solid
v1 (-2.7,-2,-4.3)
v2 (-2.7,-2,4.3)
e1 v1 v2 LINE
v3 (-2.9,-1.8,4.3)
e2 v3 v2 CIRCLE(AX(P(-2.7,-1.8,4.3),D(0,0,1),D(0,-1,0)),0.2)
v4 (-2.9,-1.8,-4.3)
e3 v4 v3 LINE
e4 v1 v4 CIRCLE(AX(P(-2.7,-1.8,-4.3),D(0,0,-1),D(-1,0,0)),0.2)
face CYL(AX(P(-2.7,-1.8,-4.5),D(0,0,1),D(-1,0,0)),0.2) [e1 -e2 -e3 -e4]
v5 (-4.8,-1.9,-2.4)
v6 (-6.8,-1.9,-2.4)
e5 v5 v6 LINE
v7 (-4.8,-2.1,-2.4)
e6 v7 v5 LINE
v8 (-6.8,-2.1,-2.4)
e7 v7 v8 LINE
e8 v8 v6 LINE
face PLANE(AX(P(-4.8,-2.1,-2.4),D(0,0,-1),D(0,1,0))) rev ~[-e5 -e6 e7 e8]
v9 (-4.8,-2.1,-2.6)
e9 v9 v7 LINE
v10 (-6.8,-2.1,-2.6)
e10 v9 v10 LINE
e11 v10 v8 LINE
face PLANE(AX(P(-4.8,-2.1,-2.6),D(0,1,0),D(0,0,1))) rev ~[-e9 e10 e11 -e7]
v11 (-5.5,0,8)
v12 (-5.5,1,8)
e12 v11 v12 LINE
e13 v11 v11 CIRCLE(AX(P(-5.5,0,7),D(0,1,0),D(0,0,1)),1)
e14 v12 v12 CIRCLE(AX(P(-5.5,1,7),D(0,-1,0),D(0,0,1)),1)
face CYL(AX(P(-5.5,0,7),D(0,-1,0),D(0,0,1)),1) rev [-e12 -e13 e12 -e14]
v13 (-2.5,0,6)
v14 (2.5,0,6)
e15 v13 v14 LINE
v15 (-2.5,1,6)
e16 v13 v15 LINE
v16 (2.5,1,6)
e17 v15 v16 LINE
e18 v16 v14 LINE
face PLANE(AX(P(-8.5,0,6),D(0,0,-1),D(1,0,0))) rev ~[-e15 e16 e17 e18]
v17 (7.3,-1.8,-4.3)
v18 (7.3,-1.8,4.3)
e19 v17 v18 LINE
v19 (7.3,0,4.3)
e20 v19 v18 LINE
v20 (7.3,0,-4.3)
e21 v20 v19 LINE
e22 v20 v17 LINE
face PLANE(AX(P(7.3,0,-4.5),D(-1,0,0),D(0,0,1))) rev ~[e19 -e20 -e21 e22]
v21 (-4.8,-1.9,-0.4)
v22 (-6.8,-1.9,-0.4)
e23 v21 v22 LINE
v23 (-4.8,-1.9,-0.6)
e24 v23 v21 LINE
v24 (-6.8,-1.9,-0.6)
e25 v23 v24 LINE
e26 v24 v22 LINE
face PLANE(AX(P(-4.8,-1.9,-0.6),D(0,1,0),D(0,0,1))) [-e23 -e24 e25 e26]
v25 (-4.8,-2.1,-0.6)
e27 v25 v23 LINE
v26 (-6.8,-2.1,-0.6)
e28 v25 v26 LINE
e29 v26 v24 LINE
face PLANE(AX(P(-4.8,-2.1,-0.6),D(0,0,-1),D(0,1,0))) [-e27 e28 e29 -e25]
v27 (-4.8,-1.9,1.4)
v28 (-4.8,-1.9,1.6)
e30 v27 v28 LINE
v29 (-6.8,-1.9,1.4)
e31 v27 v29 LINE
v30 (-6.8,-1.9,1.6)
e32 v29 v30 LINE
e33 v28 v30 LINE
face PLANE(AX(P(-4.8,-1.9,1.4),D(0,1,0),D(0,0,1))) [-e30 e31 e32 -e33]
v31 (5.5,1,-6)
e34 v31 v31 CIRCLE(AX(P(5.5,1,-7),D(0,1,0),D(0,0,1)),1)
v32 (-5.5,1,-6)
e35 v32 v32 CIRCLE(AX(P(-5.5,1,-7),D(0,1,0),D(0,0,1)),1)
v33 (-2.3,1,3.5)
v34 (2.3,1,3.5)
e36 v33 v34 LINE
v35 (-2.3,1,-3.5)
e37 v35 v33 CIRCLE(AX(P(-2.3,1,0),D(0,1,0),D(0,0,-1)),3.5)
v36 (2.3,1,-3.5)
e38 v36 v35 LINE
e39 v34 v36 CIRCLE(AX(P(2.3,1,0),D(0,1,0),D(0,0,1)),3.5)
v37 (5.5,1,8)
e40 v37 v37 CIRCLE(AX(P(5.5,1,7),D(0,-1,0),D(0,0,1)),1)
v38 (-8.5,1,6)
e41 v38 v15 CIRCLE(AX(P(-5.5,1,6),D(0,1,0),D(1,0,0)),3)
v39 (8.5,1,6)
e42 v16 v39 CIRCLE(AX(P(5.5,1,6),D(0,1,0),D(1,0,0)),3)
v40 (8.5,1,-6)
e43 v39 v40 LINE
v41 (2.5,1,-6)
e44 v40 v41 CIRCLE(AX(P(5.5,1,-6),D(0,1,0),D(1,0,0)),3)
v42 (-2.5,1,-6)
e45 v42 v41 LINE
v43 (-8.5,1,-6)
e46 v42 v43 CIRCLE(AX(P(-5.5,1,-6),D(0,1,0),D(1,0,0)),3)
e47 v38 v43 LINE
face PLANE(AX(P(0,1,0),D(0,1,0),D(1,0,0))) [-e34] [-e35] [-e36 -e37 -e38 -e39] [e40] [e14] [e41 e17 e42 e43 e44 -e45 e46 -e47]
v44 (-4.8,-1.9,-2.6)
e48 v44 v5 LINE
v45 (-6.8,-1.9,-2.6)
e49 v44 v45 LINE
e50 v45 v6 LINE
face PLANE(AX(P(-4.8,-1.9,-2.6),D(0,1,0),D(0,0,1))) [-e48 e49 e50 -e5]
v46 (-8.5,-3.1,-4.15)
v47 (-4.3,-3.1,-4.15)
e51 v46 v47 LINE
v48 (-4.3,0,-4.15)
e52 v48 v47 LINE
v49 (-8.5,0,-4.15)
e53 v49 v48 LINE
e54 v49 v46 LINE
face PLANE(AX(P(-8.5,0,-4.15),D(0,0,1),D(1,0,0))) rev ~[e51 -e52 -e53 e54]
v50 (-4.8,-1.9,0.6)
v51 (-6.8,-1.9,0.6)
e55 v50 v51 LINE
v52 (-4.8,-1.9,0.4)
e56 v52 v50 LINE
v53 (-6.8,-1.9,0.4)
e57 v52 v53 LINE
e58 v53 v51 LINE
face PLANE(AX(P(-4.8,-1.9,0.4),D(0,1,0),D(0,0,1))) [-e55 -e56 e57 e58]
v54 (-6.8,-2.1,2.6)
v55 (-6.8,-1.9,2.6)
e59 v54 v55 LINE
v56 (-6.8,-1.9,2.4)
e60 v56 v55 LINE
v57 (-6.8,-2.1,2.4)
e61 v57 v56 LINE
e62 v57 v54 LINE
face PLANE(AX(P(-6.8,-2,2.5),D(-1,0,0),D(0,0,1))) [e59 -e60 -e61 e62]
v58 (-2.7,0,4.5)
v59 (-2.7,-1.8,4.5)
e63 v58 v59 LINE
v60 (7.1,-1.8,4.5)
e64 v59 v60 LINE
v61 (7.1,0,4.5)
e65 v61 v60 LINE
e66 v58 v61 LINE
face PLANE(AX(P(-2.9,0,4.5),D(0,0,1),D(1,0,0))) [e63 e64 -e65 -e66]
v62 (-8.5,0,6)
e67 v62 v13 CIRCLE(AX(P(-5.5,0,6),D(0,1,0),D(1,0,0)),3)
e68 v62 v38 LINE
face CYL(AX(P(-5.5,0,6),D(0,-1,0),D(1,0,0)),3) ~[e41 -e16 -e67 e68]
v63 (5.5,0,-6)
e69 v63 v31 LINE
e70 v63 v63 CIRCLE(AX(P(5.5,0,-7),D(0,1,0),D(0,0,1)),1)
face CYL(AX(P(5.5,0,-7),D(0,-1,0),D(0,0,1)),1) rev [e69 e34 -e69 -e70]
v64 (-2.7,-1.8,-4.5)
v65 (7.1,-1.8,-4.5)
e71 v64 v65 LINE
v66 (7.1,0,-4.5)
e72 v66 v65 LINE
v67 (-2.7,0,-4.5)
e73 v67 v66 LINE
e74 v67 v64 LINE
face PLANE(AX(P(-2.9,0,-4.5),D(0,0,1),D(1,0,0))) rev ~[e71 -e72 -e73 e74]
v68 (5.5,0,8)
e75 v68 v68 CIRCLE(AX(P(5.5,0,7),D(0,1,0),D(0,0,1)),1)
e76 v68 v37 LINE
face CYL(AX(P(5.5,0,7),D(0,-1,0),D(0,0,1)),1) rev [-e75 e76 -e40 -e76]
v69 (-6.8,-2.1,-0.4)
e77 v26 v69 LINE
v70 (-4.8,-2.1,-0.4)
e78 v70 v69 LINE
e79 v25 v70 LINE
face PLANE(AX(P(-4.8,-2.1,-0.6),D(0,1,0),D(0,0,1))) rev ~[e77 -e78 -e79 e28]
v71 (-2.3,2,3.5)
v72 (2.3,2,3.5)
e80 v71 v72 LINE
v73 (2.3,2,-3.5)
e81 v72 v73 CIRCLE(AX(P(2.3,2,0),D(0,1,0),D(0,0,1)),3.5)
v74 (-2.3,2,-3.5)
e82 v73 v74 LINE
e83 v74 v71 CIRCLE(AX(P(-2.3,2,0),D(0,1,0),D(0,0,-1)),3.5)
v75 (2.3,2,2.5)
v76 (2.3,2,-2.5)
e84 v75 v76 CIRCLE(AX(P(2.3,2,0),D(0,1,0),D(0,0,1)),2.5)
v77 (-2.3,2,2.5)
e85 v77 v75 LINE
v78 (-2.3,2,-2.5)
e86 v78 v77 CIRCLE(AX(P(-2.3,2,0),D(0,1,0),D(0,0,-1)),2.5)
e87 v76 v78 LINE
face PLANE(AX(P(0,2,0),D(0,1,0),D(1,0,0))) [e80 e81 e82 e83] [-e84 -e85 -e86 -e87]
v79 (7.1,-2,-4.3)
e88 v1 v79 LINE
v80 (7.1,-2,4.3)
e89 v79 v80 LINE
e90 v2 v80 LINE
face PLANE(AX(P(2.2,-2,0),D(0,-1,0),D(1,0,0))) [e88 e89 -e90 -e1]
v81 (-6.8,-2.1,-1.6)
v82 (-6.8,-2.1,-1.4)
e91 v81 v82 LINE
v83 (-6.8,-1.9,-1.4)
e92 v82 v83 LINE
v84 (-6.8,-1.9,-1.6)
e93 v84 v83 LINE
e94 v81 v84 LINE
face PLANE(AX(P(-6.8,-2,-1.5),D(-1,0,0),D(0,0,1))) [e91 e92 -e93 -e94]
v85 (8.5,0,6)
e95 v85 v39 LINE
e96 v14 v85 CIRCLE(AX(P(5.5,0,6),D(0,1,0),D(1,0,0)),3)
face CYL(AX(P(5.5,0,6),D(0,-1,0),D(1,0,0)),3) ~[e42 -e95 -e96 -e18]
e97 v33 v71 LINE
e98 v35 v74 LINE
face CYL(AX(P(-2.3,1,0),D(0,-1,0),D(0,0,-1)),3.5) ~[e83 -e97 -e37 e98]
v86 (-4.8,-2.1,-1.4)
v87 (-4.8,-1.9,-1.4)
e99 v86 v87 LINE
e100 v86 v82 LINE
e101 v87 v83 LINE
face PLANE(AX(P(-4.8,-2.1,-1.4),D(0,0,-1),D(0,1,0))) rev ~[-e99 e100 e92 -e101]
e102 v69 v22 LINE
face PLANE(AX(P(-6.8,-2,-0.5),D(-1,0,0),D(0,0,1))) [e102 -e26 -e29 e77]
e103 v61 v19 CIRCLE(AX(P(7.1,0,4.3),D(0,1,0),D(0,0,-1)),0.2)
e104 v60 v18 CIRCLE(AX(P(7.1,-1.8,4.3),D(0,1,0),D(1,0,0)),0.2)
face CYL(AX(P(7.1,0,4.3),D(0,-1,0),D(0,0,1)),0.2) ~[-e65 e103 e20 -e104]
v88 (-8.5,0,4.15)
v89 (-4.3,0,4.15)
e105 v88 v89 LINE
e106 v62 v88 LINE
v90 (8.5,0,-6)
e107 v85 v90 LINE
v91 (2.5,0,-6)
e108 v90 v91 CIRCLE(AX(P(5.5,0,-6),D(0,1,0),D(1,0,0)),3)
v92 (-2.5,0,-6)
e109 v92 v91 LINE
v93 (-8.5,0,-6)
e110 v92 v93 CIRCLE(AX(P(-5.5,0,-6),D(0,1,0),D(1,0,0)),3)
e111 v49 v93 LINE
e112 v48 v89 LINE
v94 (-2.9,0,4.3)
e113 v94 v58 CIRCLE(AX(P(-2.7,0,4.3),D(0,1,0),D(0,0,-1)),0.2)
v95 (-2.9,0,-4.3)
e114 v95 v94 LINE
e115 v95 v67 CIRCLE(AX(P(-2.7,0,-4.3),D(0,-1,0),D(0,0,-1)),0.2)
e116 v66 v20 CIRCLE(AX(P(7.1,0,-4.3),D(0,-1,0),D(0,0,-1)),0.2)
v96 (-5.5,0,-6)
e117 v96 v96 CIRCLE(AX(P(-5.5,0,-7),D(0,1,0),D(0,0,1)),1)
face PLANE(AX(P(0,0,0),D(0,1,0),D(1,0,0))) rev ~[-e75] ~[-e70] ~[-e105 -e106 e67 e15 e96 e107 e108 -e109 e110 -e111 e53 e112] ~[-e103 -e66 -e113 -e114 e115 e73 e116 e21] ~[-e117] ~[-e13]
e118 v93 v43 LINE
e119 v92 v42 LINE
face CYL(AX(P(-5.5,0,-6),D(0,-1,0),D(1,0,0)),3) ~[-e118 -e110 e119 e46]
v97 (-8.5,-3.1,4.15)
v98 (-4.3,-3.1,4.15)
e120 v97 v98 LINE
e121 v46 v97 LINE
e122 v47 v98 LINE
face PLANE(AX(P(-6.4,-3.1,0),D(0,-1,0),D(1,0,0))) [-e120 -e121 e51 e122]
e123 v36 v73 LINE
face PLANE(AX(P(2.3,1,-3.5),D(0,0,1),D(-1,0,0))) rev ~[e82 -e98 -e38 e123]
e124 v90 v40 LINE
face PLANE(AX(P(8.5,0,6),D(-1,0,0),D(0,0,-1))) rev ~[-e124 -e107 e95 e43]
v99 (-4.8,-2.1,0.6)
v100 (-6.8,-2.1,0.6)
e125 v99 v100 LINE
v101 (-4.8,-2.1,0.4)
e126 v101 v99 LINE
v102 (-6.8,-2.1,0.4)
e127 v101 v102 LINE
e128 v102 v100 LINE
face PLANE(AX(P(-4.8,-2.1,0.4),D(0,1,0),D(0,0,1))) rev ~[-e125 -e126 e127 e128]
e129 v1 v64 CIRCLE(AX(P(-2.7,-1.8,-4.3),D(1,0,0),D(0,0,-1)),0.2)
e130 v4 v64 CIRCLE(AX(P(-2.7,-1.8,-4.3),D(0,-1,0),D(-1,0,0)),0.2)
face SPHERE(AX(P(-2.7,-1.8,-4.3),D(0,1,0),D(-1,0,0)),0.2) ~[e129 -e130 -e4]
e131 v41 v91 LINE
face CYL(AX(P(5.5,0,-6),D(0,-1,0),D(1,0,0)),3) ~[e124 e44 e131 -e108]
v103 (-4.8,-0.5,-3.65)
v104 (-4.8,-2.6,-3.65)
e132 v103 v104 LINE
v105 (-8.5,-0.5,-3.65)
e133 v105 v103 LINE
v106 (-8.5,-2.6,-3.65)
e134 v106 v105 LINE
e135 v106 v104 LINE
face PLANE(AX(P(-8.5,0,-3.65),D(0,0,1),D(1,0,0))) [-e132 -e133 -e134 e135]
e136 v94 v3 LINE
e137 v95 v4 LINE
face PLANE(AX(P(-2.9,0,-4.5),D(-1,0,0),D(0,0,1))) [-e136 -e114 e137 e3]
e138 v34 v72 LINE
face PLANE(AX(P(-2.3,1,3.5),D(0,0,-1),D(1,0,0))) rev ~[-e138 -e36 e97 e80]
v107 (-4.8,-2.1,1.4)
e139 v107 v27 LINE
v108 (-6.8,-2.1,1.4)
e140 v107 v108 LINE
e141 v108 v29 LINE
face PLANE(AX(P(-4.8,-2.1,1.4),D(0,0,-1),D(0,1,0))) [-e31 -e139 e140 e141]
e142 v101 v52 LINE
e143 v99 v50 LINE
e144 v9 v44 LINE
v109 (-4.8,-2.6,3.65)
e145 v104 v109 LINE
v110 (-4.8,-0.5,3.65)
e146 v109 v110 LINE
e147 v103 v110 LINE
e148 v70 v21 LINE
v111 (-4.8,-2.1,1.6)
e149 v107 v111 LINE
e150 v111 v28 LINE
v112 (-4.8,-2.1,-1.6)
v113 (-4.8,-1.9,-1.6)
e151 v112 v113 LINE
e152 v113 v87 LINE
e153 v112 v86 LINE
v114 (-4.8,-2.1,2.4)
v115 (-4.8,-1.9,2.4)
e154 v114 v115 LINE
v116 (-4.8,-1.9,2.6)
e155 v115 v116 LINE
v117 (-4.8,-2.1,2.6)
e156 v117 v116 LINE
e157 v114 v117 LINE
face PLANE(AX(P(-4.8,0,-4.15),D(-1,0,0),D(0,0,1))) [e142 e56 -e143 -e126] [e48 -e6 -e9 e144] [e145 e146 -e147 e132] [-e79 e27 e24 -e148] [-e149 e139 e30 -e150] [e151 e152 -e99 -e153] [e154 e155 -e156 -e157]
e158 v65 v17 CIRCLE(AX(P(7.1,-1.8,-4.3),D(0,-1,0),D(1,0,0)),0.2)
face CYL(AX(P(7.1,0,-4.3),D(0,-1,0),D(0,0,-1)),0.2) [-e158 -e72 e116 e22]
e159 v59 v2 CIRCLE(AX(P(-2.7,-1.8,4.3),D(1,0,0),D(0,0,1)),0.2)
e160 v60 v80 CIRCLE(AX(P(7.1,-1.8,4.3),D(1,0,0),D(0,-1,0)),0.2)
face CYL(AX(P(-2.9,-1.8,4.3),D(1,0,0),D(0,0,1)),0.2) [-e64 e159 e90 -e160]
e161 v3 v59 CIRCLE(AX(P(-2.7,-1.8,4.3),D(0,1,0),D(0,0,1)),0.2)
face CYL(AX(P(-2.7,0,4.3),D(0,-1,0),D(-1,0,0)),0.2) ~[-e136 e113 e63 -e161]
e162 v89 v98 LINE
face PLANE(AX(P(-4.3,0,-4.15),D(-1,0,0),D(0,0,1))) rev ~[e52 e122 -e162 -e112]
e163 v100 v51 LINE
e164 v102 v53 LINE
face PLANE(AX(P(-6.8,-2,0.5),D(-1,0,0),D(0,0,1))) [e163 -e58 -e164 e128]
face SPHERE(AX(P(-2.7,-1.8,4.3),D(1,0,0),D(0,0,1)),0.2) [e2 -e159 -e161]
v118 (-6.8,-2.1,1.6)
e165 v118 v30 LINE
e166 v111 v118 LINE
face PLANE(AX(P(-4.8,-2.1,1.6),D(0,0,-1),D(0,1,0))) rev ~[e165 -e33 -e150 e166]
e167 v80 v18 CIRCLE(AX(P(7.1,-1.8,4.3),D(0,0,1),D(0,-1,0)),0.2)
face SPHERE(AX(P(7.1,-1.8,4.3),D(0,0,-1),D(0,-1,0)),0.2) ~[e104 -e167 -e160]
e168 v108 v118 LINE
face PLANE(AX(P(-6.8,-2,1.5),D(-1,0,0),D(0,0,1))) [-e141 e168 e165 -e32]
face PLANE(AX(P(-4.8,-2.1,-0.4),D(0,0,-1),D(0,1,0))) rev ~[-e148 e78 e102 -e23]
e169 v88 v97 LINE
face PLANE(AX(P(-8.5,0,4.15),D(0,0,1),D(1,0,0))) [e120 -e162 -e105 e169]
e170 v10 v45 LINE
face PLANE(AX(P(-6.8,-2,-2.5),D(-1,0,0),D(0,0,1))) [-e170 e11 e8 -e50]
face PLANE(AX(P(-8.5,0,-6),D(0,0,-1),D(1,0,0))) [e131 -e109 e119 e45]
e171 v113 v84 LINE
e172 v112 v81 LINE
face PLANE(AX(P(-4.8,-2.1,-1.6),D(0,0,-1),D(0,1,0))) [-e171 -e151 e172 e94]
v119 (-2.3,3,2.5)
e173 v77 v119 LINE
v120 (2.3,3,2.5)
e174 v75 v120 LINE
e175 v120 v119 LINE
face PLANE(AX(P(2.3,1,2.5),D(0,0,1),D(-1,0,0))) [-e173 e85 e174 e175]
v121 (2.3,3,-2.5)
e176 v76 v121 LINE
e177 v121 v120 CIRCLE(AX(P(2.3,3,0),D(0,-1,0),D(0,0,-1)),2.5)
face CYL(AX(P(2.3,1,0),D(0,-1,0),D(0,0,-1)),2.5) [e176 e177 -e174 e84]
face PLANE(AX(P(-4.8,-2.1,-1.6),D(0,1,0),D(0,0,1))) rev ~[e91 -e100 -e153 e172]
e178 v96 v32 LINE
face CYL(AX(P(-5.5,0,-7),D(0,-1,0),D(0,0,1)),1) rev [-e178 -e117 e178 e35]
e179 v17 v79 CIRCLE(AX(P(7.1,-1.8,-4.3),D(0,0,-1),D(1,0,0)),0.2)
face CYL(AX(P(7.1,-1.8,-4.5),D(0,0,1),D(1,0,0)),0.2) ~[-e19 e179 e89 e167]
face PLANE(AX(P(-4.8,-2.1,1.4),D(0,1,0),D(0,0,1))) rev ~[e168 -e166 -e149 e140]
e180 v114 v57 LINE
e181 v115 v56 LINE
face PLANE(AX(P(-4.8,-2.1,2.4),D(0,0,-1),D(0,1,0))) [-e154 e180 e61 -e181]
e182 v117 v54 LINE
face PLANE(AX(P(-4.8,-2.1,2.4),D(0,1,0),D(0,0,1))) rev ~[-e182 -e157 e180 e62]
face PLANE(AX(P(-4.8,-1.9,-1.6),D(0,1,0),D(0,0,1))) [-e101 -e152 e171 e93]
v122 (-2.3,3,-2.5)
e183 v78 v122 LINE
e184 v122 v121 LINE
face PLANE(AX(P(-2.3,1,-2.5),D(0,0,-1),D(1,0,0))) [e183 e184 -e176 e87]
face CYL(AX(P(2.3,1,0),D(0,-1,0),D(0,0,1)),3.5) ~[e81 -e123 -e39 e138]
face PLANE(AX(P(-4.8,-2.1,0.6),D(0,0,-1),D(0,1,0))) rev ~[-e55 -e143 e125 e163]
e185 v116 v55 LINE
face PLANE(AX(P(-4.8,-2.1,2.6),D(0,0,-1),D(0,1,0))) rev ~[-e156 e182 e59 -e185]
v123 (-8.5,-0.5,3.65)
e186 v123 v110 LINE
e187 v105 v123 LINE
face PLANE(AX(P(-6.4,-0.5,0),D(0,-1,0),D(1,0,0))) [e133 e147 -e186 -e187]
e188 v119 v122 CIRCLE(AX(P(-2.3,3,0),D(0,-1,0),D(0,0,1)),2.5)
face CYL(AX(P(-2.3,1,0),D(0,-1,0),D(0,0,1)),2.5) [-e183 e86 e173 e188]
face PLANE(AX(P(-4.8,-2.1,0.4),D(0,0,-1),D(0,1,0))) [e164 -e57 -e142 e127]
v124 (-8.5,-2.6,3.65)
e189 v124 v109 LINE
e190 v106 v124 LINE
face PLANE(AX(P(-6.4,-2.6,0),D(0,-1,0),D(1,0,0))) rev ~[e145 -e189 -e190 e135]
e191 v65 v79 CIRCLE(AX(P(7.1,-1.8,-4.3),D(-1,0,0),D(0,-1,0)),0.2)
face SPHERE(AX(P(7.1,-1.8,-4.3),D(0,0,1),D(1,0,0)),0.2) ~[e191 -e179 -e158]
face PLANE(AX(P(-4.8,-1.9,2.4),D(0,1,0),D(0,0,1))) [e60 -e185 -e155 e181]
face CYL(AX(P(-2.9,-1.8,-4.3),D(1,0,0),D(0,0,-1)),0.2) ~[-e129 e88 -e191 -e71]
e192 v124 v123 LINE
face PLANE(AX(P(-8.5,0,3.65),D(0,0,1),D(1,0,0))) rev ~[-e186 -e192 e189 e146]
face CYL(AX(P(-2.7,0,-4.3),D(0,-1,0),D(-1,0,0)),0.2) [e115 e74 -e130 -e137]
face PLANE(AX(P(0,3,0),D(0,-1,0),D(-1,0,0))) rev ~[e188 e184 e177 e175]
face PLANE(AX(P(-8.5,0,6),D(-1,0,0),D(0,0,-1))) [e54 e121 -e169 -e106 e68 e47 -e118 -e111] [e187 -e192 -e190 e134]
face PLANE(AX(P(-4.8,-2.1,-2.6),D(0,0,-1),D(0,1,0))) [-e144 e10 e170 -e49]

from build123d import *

# Parameters (mm, degrees)
SKETCH_1_R      = 1
EXTRUDE_1_DEPTH = 1
EXTRUDE_2_DEPTH = 1
EXTRUDE_3_DEPTH = 2
SKETCH_5_W      = 10.2
SKETCH_5_H      = 9
EXTRUDE_4_DEPTH = 2
SKETCH_5_3_W    = 4.2
SKETCH_5_3_H    = 8.3
EXTRUDE_5_DEPTH = 3.1
SHELL_1_T       = -0.5
SKETCH_6_W      = 0.2
SKETCH_6_H      = 0.2
EXTRUDE_6_DEPTH = 2
FILLET_1_R      = 0.2


with BuildPart() as part:
    # 草图1 → 凸台-拉伸1 (new body)
    with BuildSketch(Plane(origin=(0, 0, 0), x_dir=(1, 0, 0), z_dir=(0, 1, 0))):
        with BuildLine():
            ThreePointArc((2.5, -6), (5.5, -9), (8.5, -6))
            Line((8.5, -6), (8.5, 6))
            ThreePointArc((8.5, 6), (5.5, 9), (2.5, 6))
            Line((2.5, 6), (-2.5, 6))
            ThreePointArc((-2.5, 6), (-5.5, 9), (-8.5, 6))
            Line((-8.5, 6), (-8.5, -6))
            ThreePointArc((-8.5, -6), (-5.5, -9), (-2.5, -6))
            Line((-2.5, -6), (2.5, -6))
        make_face()
        with Locations((5.5, -7)):
            Circle(SKETCH_1_R, mode=Mode.SUBTRACT)
        with Locations((-5.5, -7)):
            Circle(SKETCH_1_R, mode=Mode.SUBTRACT)
        with Locations((-5.5, 7)):
            Circle(SKETCH_1_R, mode=Mode.SUBTRACT)
        with Locations((5.5, 7)):
            Circle(SKETCH_1_R, mode=Mode.SUBTRACT)
    extrude(amount=EXTRUDE_1_DEPTH)

    # 草图3 → 凸台-拉伸2 (add)
    with BuildSketch(Plane(origin=(0, 1, 0), x_dir=(1, 0, 0), z_dir=(0, 1, 0))):
        with BuildLine():
            Line((2.3, 3.5), (-2.3, 3.5))
            ThreePointArc((-2.3, 3.5), (-5.8, 0), (-2.3, -3.5))
            Line((-2.3, -3.5), (2.3, -3.5))
            ThreePointArc((2.3, -3.5), (5.8, 0), (2.3, 3.5))
        make_face()
        with BuildLine():
            ThreePointArc((-2.3, -2.5), (-4.8, 0), (-2.3, 2.5))
            Line((-2.3, 2.5), (2.3, 2.5))
            ThreePointArc((2.3, 2.5), (4.8, 0), (2.3, -2.5))
            Line((2.3, -2.5), (-2.3, -2.5))
        make_face(mode=Mode.SUBTRACT)
    extrude(amount=EXTRUDE_2_DEPTH)

    # 草图3<3> → 凸台-拉伸3 (add)
    with BuildSketch(Plane(origin=(0, 1, 0), x_dir=(1, 0, 0), z_dir=(0, 1, 0))):
        with BuildLine():
            Line((-2.3, 2.5), (2.3, 2.5))
            ThreePointArc((2.3, 2.5), (4.8, 0), (2.3, -2.5))
            Line((2.3, -2.5), (-2.3, -2.5))
            ThreePointArc((-2.3, -2.5), (-4.8, 0), (-2.3, 2.5))
        make_face()
    extrude(amount=EXTRUDE_3_DEPTH)

    # 草图5 → 凸台-拉伸4 (add)
    with BuildSketch(Plane.XZ):
        with Locations((2.2, 0)):
            Rectangle(SKETCH_5_W, SKETCH_5_H)
    extrude(amount=EXTRUDE_4_DEPTH)



with BuildPart() as body_2:
    # 草图5<3> → 凸台-拉伸5 (new body)
    with BuildSketch(Plane.XZ):
        with Locations((-6.4, 0)):
            Rectangle(SKETCH_5_3_W, SKETCH_5_3_H)
    extrude(amount=EXTRUDE_5_DEPTH)

    # 抽壳1
    shell_1_openings = [body_2.faces().sort_by_distance(p)[0] for p in [
        (-8.5, -1.55, 0),
    ]]
    offset(amount=SHELL_1_T, openings=shell_1_openings, kind=Kind.INTERSECTION)


with BuildPart() as part_1:
    add(part.part)

    add(body_2.part)  # 凸台-拉伸6 merges body 2
    # 草图6 → 凸台-拉伸6 (add)
    with BuildSketch(Plane.ZY.offset(4.8)):
        with Locations((1.5, -2)):
            Rectangle(SKETCH_6_W, SKETCH_6_H)
        with Locations((2.5, -2)):
            Rectangle(SKETCH_6_W, SKETCH_6_H)
        with Locations((0.5, -2)):
            Rectangle(SKETCH_6_W, SKETCH_6_H)
        with Locations((-0.5, -2)):
            Rectangle(SKETCH_6_W, SKETCH_6_H)
        with Locations((-1.5, -2)):
            Rectangle(SKETCH_6_W, SKETCH_6_H)
        with Locations((-2.5, -2)):
            Rectangle(SKETCH_6_W, SKETCH_6_H)
    extrude(amount=EXTRUDE_6_DEPTH)

    # 圆角1
    fillet_1_edges = [part_1.edges().sort_by_distance(p)[0] for p in [
        (-2.9, -2, 0),
        (2.2, -2, -4.5),
        (7.3, -2, 0),
        (2.2, -2, 4.5),
        (-2.9, -1, -4.5),
        (-2.9, -1, 4.5),
        (7.3, -1, -4.5),
        (7.3, -1, 4.5),
    ]]
    fillet(fillet_1_edges, radius=FILLET_1_R)


solid = part_1.part
